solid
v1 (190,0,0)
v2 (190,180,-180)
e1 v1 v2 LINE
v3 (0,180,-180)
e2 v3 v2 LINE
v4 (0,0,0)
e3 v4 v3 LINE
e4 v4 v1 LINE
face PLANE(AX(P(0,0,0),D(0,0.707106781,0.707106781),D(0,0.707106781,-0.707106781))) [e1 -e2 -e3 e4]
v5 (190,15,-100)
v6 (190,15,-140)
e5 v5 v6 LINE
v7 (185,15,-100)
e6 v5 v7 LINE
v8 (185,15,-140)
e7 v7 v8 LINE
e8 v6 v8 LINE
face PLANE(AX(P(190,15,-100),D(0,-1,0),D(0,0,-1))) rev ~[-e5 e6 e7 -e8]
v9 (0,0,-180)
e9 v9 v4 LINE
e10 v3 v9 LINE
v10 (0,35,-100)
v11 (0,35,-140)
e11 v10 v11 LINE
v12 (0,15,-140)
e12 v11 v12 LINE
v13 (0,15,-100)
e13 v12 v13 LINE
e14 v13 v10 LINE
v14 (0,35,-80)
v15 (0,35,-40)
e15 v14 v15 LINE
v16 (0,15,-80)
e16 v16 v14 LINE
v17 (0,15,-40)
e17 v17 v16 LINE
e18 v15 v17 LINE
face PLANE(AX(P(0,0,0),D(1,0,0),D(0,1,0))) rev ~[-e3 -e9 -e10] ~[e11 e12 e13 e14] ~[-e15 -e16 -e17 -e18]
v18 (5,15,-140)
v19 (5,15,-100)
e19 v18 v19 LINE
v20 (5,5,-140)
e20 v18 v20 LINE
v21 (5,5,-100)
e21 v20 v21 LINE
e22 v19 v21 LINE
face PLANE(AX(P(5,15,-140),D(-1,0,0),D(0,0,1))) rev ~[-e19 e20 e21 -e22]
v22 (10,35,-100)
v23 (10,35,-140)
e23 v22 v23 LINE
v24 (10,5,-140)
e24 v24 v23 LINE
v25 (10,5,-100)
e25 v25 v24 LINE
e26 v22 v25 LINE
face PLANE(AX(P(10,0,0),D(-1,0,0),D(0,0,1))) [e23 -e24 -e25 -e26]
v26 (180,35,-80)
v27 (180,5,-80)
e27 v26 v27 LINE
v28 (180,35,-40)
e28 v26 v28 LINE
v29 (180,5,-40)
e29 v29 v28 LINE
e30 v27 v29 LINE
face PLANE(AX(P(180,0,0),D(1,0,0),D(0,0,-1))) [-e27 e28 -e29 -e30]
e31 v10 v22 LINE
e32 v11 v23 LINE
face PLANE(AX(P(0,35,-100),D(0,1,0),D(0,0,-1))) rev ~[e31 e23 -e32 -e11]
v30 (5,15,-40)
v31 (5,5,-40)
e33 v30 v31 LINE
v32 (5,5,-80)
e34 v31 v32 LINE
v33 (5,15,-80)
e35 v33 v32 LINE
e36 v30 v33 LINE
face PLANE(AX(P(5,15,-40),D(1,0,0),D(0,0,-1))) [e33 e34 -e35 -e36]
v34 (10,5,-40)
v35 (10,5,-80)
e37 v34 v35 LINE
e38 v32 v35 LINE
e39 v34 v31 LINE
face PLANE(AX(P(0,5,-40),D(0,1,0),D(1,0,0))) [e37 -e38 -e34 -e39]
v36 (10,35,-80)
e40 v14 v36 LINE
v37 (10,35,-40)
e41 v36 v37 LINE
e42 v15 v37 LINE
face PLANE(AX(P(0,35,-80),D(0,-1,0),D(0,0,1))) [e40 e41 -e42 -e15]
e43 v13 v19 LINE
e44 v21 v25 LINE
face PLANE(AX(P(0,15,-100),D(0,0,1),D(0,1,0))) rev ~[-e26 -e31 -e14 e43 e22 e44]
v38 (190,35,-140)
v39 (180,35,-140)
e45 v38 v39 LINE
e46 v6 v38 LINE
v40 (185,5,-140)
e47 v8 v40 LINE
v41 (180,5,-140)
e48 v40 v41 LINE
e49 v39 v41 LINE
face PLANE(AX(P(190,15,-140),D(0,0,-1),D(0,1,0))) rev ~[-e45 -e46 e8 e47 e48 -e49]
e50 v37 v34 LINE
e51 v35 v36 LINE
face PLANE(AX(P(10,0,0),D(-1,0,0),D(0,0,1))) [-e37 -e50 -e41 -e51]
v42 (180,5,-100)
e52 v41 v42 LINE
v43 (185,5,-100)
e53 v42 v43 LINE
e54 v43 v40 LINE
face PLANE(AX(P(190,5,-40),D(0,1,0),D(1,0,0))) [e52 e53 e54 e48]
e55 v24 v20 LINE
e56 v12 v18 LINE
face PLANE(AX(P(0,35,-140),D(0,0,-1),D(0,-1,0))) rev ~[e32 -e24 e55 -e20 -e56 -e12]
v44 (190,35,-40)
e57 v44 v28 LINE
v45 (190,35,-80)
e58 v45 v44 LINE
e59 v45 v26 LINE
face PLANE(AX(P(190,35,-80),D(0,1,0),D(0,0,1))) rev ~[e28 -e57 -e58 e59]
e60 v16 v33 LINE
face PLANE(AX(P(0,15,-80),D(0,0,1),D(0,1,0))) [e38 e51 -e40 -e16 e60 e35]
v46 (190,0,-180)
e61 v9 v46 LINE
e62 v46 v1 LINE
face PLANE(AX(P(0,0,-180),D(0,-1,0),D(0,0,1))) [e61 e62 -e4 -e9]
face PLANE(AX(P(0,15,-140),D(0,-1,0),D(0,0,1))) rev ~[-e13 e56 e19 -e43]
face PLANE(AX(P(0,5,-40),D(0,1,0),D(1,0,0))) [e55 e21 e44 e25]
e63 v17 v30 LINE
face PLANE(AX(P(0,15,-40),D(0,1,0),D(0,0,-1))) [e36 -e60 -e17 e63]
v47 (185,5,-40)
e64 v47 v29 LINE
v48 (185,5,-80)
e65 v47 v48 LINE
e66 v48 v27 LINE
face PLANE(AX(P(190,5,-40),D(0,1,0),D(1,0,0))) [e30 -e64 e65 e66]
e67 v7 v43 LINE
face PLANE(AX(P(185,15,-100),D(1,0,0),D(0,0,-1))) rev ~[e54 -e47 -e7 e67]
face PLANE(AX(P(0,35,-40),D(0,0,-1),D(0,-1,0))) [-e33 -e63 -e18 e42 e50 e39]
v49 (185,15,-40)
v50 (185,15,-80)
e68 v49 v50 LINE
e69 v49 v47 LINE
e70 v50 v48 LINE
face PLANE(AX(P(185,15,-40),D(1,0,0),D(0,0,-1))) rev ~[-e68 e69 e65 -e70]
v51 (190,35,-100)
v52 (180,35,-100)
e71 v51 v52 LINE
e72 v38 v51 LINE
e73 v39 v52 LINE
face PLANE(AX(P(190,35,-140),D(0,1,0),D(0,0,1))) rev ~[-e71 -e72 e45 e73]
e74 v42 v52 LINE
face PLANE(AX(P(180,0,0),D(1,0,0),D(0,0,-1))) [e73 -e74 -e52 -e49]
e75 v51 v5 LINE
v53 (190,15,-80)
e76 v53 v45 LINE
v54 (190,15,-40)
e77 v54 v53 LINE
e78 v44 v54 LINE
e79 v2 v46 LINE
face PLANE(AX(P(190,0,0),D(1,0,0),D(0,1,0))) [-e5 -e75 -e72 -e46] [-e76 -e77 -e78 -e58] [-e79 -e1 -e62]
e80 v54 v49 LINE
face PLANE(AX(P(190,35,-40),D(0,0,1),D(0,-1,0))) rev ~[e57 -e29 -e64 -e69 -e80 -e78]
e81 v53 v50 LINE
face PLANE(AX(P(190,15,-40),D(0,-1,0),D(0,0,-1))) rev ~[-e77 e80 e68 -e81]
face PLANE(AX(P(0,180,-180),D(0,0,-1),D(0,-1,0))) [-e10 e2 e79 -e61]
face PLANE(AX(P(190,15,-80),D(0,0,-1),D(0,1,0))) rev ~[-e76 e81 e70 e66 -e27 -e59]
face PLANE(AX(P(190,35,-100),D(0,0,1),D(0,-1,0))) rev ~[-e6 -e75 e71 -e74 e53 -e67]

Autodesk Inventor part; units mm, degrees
ref_plane "YZ Plane" through (0, 0, 0) normal (1, 0, 0) x (0, 1, 0)
ref_plane "XZ Plane" through (0, 0, 0) normal (0, 1, 0) x (-1, 0, 0)
ref_plane "XY Plane" through (0, 0, 0) normal (0, 0, 1) x (1, 0, 0)
sketch "스케치1" plane through (0, 0, 0) normal (1, 0, 0) x (0, 1, 0)
  line L0 (0, 0) -> (180, 0)
  line L1 (180, 0) -> (180, -180)
  line L2 (180, -180) -> (0, -180)
  line L3 (0, -180) -> (0, 0)
  line L4 (0, 0) -> (180, -180)
  dimension "d0" = 180
  dimension "d1" = 180
extrude "돌출1" add sketch "스케치1" along normal blind 190 contours L4 L2 L3
sketch "스케치2" plane through (0, 0, 0) normal (-1, 0, 0) x (0, 0, 1)
  line L0 (-140, 15) -> (-100, 15)
  line L1 (-100, 15) -> (-100, 35)
  line L2 (-100, 35) -> (-140, 35)
  line L3 (-140, 35) -> (-140, 15)
  line L4 (-80, 35) -> (-40, 35)
  line L5 (-40, 35) -> (-40, 15)
  line L6 (-40, 15) -> (-80, 15)
  line L7 (-80, 15) -> (-80, 35)
  line L8 (-180, 0) -> (-180, 180) projected
  line L9 (0, 0) -> (-180, 0) projected
  point P0 (-140, 25)
  point P1 (-80, 25)
  dimension "d4" = 40
  dimension "d5" = 20
  dimension "d6" = 40
  dimension "d7" = 20
  dimension "d8" = 40
  dimension "d9" = 20
  dimension "d10" = 15
  dimension "d11" = 15
  dimension "d46" = 40
extrude "돌출2" cut sketch "스케치2" against normal blind 10
sketch "스케치3" plane through (0, 15, -40) normal (0, 1, 0) x (1, 0, 0)
  line L0 (10, 0) -> (10, 40) projected
  line L1 (10, 0) -> (5, 0)
  line L2 (5, 0) -> (5, 40)
  line L3 (5, 40) -> (10, 40)
  line L4 (10, 40) -> (10, 0)
  line L5 (10, 100) -> (5, 100)
  line L6 (5, 100) -> (5, 60)
  line L7 (5, 60) -> (10, 60)
  line L8 (10, 60) -> (10, 100)
  point P0 (0, -40)
  dimension "d14" = 5
  dimension "d15" = 40
  dimension "d16" = 5
  dimension "d17" = 40
extrude "돌출3" cut sketch "스케치3" against normal blind 10
sketch "스케치4" plane through (190, 0, 0) normal (1, 0, 0) x (0, 0, -1)
  line L0 (140, 35) -> (100, 35)
  line L1 (100, 35) -> (100, 15)
  line L2 (100, 15) -> (140, 15)
  line L3 (140, 15) -> (140, 35)
  line L4 (80, 35) -> (40, 35)
  line L5 (40, 35) -> (40, 15)
  line L6 (40, 15) -> (80, 15)
  line L7 (80, 15) -> (80, 35)
  line L8 (180, 0) -> (180, 180) projected
  line L9 (0, 0) -> (180, 0) projected
  point P0 (140, 25)
  dimension "d20" = 40
  dimension "d21" = 20
  dimension "d22" = 40
  dimension "d23" = 20
  dimension "d24" = 20
  dimension "d25" = 40
  dimension "d26" = 15
extrude "돌출4" cut sketch "스케치4" against normal blind 10
sketch "스케치5" plane through (190, 15, -40) normal (0, 1, 0) x (1, 0, 0)
  line L0 (0, 0) -> (-10, 0) projected
  line L1 (-10, 0) -> (-5, 0)
  line L2 (-5, 0) -> (-5, 40)
  line L3 (-5, 40) -> (-10, 40)
  line L4 (-10, 40) -> (-10, 0)
  line L5 (-10, 60) -> (-5, 60)
  line L6 (-5, 60) -> (-5, 100)
  line L7 (-5, 100) -> (-10, 100)
  line L8 (-10, 100) -> (-10, 60)
  point P0 (-190, -40)
  dimension "d29" = 5
  dimension "d30" = 40
  dimension "d31" = 5
  dimension "d32" = 40
extrude "돌출5" cut sketch "스케치5" against normal blind 10
properties part number "ramp_3D 인쇄"
